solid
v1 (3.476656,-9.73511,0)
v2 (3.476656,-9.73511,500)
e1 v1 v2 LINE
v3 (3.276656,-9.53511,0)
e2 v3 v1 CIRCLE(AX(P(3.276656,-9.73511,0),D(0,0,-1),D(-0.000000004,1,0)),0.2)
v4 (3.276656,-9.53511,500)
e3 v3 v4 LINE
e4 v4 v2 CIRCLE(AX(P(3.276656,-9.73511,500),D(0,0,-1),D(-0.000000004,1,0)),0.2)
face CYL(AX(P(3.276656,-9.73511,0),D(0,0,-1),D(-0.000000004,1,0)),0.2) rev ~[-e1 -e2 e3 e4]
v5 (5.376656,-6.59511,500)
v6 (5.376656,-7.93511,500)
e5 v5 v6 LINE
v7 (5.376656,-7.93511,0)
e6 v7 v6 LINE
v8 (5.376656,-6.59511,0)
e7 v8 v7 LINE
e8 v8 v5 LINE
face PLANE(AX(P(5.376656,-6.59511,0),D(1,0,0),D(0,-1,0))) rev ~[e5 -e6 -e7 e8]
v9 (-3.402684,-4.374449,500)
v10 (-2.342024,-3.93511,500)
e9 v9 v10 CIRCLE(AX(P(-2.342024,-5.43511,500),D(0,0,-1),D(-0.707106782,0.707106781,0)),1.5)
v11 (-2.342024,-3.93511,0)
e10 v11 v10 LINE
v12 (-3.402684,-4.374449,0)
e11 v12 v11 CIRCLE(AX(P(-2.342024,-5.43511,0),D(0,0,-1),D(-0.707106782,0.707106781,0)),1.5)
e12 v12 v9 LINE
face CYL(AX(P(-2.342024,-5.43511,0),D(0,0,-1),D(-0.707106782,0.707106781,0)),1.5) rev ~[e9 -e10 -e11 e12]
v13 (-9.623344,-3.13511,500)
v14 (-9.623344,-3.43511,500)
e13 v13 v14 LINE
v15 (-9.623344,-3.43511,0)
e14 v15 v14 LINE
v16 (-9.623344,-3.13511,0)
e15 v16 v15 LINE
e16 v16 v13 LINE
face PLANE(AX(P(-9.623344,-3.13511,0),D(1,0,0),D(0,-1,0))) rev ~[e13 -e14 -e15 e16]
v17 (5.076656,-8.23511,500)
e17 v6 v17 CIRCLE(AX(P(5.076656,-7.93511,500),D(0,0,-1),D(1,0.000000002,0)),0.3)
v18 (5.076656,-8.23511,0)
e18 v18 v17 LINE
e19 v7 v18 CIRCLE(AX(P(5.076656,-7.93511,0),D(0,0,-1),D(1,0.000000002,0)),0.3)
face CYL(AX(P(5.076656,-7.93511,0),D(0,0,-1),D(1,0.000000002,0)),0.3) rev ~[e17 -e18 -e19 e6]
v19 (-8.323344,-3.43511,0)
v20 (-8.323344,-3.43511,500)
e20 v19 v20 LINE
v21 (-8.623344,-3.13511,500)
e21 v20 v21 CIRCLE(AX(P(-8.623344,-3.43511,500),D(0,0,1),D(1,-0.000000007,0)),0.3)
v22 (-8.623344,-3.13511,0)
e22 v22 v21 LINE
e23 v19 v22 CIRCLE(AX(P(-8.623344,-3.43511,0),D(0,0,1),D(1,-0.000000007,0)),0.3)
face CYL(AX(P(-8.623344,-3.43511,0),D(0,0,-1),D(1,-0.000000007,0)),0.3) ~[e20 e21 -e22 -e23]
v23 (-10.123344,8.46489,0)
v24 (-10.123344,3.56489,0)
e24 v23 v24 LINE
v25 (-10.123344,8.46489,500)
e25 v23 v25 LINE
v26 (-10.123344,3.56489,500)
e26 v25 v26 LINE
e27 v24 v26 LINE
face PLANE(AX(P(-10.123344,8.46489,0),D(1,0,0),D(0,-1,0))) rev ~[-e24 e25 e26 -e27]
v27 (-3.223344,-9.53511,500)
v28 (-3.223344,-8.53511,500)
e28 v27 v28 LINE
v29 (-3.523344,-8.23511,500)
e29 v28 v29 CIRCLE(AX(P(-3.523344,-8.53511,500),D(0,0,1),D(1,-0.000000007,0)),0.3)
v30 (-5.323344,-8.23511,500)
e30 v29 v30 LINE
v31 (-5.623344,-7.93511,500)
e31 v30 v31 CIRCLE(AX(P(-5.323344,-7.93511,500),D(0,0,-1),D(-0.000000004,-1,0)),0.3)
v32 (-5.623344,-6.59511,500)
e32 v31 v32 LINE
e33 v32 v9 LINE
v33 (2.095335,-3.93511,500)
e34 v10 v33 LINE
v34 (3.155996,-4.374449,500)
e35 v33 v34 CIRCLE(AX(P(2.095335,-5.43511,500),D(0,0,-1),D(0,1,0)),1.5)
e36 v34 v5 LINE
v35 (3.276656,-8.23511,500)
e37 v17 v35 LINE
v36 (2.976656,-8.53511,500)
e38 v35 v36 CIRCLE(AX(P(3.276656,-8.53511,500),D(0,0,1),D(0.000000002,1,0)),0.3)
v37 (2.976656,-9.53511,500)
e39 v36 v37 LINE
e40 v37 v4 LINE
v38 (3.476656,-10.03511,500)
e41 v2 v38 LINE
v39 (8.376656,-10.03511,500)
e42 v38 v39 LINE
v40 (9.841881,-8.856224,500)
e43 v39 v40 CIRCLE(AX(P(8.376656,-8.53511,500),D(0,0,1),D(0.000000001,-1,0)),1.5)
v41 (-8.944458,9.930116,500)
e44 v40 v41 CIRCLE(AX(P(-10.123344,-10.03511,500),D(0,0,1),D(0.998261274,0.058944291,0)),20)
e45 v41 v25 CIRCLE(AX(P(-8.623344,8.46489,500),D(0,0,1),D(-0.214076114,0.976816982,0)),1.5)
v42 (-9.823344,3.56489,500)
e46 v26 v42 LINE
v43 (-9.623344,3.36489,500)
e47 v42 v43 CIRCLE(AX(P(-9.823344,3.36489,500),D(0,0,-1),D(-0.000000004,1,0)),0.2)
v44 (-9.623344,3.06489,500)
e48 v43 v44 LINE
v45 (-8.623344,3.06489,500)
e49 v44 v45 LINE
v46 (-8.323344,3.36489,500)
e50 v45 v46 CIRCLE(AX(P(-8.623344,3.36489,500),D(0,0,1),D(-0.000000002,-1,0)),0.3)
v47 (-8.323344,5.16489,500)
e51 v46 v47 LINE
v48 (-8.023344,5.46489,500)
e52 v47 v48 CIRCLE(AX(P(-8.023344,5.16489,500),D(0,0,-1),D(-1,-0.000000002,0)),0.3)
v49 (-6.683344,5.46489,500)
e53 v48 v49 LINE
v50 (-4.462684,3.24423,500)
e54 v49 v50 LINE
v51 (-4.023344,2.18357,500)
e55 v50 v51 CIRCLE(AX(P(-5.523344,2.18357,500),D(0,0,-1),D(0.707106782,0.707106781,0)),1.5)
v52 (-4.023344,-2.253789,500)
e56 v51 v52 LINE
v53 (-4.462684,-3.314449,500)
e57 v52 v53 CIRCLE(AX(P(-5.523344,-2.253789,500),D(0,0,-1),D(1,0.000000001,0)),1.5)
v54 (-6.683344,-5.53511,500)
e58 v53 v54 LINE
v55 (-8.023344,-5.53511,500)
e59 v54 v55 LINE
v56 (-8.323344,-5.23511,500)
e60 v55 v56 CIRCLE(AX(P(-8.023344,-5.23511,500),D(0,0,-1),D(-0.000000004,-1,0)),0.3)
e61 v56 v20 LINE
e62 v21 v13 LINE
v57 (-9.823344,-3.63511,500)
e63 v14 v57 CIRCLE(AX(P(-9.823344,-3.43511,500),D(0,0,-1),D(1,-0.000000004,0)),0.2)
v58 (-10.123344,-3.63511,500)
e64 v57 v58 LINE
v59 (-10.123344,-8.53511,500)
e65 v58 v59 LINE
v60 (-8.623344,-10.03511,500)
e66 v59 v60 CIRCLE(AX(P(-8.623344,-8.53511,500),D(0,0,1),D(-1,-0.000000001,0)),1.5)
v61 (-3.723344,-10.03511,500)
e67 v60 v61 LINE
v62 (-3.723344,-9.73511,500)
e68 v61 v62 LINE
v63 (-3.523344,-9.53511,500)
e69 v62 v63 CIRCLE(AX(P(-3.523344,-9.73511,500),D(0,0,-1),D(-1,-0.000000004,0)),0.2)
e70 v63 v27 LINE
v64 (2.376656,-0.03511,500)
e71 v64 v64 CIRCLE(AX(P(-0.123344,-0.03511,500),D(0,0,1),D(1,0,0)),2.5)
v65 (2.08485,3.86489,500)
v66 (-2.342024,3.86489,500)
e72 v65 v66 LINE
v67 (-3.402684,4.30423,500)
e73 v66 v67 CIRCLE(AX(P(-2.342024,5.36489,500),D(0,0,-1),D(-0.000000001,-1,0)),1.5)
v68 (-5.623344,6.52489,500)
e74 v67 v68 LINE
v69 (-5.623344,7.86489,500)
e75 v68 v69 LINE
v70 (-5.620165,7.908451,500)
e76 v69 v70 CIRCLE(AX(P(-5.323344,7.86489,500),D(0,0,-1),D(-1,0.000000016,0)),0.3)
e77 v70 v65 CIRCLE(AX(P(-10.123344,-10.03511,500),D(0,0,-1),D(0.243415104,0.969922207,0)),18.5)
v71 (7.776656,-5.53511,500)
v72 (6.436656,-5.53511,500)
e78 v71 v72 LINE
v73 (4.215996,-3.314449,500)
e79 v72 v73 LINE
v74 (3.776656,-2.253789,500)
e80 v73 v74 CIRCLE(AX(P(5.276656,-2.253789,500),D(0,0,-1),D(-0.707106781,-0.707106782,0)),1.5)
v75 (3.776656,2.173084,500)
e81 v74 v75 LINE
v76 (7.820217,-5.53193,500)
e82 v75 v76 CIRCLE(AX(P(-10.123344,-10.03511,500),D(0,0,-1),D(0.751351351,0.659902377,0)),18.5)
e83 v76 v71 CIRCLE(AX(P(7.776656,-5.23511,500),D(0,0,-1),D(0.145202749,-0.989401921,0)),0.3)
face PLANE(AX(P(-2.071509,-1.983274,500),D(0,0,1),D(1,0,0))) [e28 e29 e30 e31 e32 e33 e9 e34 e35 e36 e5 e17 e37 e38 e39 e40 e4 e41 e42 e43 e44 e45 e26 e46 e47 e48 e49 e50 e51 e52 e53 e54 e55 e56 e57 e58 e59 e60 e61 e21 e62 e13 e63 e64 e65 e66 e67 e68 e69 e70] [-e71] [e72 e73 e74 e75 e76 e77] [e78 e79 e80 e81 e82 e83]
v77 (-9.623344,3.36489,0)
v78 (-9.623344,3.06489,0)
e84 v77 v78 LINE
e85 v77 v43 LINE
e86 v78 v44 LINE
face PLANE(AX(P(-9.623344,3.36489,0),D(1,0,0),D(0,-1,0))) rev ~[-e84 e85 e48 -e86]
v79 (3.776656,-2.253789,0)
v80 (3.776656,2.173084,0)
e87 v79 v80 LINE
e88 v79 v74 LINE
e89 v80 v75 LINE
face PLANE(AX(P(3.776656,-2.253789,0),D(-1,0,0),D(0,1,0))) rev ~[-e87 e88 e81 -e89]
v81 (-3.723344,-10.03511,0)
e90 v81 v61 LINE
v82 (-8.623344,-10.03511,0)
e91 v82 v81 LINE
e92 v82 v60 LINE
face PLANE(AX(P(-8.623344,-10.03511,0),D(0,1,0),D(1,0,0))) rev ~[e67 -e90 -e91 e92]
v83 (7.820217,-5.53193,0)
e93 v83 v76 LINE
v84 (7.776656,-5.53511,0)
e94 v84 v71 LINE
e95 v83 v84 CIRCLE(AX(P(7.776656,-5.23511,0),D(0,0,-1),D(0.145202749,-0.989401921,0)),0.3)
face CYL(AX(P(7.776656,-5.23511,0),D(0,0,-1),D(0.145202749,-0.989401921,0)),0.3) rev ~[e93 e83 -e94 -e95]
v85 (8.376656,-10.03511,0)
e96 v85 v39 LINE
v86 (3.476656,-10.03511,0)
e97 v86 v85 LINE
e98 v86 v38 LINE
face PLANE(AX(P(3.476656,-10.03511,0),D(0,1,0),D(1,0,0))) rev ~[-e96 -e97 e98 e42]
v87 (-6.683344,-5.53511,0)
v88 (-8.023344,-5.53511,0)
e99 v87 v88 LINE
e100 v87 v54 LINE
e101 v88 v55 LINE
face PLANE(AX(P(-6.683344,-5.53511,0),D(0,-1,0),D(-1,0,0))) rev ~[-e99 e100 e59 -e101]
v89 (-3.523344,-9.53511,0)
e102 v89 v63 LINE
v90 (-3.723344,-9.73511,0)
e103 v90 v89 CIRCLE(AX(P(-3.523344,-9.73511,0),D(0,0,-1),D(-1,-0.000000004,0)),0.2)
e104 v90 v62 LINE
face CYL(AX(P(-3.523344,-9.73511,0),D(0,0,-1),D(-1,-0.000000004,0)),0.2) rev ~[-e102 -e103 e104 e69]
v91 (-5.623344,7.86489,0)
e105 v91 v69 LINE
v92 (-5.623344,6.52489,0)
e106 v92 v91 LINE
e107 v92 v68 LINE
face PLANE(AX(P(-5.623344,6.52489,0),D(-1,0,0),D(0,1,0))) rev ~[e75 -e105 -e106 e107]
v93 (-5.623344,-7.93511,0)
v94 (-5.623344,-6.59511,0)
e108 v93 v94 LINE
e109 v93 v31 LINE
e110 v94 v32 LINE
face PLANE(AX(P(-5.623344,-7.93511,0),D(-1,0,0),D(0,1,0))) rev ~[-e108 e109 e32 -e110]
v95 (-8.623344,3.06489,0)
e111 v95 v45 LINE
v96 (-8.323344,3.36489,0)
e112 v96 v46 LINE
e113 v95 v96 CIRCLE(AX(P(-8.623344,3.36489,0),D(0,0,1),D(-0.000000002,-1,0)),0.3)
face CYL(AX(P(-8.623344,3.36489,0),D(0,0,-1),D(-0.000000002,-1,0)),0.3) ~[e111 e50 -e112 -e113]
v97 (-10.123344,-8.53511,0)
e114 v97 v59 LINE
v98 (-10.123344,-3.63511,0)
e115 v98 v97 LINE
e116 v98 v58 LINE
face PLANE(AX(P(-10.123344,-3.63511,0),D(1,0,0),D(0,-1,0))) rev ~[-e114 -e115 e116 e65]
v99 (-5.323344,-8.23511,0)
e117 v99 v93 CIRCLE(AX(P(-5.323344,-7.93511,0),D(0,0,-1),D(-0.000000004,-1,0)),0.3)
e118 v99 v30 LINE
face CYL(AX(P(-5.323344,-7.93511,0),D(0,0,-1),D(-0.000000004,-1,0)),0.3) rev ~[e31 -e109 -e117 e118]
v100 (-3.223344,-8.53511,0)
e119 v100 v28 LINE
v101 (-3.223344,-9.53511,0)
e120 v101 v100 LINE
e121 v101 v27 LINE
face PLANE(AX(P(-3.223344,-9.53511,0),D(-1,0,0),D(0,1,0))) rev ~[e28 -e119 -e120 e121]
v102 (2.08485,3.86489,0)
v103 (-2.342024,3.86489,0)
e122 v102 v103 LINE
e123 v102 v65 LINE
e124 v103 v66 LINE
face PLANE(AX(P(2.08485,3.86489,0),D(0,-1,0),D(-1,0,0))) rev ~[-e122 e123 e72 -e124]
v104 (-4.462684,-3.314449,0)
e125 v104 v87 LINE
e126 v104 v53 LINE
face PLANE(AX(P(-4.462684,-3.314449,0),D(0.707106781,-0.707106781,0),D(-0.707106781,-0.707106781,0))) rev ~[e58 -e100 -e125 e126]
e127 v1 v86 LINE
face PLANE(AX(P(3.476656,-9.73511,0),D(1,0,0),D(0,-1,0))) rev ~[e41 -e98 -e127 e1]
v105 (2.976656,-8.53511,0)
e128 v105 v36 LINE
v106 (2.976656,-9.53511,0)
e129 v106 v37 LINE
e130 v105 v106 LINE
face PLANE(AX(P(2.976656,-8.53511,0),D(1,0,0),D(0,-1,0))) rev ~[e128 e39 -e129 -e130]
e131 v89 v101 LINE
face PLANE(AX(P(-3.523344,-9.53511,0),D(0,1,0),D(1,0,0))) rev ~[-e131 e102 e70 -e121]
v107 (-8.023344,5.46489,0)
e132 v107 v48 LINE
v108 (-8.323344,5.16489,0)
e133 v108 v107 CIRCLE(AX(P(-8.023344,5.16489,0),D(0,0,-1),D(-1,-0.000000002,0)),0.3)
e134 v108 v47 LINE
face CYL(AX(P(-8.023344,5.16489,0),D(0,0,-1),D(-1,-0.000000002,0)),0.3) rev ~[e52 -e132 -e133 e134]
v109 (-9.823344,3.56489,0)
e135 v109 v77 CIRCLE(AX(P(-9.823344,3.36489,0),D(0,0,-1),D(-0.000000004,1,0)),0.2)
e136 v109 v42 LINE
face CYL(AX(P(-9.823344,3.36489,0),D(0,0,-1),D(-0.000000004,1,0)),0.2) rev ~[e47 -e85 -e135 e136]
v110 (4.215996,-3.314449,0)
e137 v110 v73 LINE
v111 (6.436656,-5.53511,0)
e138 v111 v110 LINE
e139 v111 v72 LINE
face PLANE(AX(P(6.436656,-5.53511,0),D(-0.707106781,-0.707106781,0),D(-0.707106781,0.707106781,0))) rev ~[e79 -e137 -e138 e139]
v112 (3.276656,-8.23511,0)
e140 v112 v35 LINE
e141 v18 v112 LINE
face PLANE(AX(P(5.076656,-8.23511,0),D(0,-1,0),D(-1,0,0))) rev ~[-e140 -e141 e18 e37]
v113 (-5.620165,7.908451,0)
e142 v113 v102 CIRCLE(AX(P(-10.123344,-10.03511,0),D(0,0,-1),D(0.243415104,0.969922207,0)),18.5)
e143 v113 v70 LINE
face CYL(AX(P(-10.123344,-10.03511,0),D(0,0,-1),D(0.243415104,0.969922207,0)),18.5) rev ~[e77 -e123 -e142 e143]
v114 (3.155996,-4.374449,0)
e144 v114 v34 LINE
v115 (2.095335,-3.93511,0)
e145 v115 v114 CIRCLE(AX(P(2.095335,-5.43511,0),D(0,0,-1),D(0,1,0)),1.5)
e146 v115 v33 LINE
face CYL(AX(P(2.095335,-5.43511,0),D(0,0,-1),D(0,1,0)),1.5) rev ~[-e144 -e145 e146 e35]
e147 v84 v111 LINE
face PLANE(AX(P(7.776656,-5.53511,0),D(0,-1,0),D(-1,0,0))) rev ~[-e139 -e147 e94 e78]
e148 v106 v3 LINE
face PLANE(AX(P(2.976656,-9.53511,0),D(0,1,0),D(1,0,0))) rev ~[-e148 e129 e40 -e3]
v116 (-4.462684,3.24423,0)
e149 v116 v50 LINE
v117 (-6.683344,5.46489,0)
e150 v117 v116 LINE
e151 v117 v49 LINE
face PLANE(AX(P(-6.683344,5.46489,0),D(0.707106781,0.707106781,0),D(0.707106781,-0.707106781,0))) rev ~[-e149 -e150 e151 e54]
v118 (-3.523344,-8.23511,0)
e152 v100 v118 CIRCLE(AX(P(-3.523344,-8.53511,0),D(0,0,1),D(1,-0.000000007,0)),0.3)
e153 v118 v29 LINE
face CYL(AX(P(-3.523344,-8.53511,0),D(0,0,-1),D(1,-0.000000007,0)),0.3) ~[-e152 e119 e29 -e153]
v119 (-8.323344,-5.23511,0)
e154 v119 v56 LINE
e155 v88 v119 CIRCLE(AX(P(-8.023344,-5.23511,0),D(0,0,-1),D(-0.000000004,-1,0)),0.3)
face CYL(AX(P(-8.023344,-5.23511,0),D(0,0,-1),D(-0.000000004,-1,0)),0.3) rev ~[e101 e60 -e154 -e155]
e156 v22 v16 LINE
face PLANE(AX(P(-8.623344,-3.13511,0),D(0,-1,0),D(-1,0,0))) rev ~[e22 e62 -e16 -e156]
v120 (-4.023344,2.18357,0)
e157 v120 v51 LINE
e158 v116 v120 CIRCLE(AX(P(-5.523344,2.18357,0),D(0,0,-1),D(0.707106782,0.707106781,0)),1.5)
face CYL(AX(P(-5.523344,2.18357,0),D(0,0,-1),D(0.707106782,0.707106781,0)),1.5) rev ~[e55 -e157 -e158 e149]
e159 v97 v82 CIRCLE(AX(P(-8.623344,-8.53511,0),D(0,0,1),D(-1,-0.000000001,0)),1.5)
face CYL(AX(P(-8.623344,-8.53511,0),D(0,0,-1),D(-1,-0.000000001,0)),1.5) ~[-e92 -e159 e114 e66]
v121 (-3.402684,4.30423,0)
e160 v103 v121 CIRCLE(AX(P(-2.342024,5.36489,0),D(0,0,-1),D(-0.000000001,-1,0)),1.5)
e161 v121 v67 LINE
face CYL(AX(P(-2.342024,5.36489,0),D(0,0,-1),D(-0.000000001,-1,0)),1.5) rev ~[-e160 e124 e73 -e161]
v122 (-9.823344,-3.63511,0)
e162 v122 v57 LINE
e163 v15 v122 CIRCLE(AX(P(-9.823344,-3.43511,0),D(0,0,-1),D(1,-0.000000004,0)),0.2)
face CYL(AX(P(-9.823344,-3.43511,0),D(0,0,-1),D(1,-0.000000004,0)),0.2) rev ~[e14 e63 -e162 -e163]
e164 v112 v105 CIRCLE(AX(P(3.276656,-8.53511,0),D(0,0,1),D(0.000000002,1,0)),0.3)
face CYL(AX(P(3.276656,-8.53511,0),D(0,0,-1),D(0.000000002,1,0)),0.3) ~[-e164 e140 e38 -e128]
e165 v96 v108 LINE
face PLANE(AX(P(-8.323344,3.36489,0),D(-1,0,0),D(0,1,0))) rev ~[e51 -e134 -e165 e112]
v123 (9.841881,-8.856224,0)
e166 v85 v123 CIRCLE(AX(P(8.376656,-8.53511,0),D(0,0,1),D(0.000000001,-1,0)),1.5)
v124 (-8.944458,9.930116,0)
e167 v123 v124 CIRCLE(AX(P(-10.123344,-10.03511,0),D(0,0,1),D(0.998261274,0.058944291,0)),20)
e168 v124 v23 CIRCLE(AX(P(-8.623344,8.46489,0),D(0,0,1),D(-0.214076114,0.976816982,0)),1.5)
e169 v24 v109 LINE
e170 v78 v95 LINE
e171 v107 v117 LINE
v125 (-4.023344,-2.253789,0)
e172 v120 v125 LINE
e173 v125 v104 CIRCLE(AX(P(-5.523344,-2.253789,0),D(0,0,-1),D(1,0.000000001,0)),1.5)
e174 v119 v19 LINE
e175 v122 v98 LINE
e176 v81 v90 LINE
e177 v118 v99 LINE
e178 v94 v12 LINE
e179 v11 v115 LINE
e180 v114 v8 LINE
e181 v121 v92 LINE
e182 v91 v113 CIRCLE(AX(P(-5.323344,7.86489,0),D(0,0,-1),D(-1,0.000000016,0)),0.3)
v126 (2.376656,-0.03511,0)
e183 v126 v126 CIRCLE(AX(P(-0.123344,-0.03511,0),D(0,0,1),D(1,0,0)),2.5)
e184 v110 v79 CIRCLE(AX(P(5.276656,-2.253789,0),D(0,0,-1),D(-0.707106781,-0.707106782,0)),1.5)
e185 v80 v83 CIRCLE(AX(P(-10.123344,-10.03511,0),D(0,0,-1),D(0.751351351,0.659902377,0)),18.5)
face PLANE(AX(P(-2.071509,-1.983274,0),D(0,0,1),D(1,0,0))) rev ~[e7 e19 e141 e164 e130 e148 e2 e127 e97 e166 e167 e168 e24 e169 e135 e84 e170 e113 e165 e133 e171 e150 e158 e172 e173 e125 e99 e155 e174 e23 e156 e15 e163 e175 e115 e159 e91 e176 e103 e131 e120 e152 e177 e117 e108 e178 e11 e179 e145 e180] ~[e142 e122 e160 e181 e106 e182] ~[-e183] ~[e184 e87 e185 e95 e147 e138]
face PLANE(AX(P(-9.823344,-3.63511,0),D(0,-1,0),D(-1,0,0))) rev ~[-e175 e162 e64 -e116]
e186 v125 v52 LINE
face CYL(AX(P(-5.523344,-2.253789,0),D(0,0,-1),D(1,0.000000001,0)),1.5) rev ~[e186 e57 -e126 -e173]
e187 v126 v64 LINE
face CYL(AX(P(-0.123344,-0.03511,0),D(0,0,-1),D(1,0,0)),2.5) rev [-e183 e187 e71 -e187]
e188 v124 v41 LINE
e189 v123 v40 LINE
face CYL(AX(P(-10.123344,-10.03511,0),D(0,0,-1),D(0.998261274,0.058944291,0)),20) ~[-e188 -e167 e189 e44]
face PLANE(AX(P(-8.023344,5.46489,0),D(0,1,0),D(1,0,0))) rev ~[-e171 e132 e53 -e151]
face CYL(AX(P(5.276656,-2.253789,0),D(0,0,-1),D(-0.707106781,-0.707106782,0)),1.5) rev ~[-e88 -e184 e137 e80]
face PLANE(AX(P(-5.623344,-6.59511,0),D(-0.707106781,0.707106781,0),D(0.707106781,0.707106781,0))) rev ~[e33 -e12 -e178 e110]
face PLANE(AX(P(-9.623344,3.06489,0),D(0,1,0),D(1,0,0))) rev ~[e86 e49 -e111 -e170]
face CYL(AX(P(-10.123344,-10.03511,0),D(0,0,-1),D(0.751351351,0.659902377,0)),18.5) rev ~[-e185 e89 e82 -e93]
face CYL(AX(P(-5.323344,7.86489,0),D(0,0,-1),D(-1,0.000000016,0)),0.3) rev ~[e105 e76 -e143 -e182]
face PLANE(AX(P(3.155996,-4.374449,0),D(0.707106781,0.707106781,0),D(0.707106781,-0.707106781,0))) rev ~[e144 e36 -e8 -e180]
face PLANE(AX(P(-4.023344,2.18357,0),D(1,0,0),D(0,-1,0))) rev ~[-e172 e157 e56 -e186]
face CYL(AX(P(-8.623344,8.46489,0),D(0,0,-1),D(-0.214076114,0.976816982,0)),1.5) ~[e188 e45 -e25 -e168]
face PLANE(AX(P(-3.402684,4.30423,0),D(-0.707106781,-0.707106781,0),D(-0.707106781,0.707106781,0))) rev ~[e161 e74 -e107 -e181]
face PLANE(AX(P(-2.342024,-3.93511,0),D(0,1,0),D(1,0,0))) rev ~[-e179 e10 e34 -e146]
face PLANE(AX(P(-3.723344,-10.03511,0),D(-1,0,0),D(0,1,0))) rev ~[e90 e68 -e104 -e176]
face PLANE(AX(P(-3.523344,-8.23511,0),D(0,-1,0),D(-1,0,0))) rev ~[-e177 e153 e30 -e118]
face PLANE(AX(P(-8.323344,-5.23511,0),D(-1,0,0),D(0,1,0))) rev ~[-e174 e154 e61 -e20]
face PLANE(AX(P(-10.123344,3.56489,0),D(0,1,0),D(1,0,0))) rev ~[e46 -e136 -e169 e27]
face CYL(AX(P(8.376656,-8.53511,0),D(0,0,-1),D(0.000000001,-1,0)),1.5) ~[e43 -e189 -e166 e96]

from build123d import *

# Parameters (mm, degrees)
SKETCH_1_R      = 2.5
EXTRUDE_1_DEPTH = 500


with BuildPart() as part:
    # 草图1 → 凸台-拉伸1 (new body)
    with BuildSketch(Plane.XY):
        with BuildLine():
            ThreePointArc((-8.944458369, 9.930115847), (-9.792033903, 9.405190523), (-10.123344197, 8.464890373))
            Line((-10.123344197, 8.464890373), (-10.123344197, 3.564890373))
            Line((-10.123344197, 3.564890373), (-9.823344197, 3.564890373))
            ThreePointArc((-9.823344197, 3.564890373), (-9.681922841, 3.50631173), (-9.623344197, 3.364890373))
            Line((-9.623344197, 3.364890373), (-9.623344197, 3.064890373))
            Line((-9.623344197, 3.064890373), (-8.623344197, 3.064890373))
            ThreePointArc((-8.623344197, 3.064890373), (-8.411212162, 3.152758339), (-8.323344197, 3.364890373))
            Line((-8.323344197, 3.364890373), (-8.323344197, 5.164890373))
            ThreePointArc((-8.323344197, 5.164890373), (-8.235476231, 5.377022408), (-8.023344197, 5.464890373))
            Line((-8.023344197, 5.464890373), (-6.683344197, 5.464890373))
            Line((-6.683344197, 5.464890373), (-4.462684025, 3.244230202))
            ThreePointArc((-4.462684025, 3.244230202), (-4.137524898, 2.757595178), (-4.023344197, 2.18357003))
            Line((-4.023344197, 2.18357003), (-4.023344197, -2.253789283))
            ThreePointArc((-4.023344197, -2.253789283), (-4.137524898, -2.827814432), (-4.462684025, -3.314449455))
            Line((-4.462684025, -3.314449455), (-6.683344197, -5.535109627))
            Line((-6.683344197, -5.535109627), (-8.023344197, -5.535109627))
            ThreePointArc((-8.023344197, -5.535109627), (-8.235476231, -5.447241661), (-8.323344197, -5.235109627))
            Line((-8.323344197, -5.235109627), (-8.323344197, -3.435109627))
            ThreePointArc((-8.323344197, -3.435109627), (-8.411212162, -3.222977592), (-8.623344197, -3.135109627))
            Line((-8.623344197, -3.135109627), (-9.623344197, -3.135109627))
            Line((-9.623344197, -3.135109627), (-9.623344197, -3.435109627))
            ThreePointArc((-9.623344197, -3.435109627), (-9.681922841, -3.576530983), (-9.823344197, -3.635109627))
            Line((-9.823344197, -3.635109627), (-10.123344197, -3.635109627))
            Line((-10.123344197, -3.635109627), (-10.123344197, -8.535109627))
            ThreePointArc((-10.123344197, -8.535109627), (-9.684004369, -9.595769798), (-8.623344197, -10.035109627))
            Line((-8.623344197, -10.035109627), (-3.723344197, -10.035109627))
            Line((-3.723344197, -10.035109627), (-3.723344197, -9.735109627))
            ThreePointArc((-3.723344197, -9.735109627), (-3.664765553, -9.59368827), (-3.523344197, -9.535109627))
            Line((-3.523344197, -9.535109627), (-3.223344197, -9.535109627))
            Line((-3.223344197, -9.535109627), (-3.223344197, -8.535109627))
            ThreePointArc((-3.223344197, -8.535109627), (-3.311212162, -8.322977592), (-3.523344197, -8.235109627))
            Line((-3.523344197, -8.235109627), (-5.323344197, -8.235109627))
            ThreePointArc((-5.323344197, -8.235109627), (-5.535476231, -8.147241661), (-5.623344197, -7.935109627))
            Line((-5.623344197, -7.935109627), (-5.623344197, -6.595109627))
            Line((-5.623344197, -6.595109627), (-3.402684025, -4.374449455))
            ThreePointArc((-3.402684025, -4.374449455), (-2.916049002, -4.049290328), (-2.342023853, -3.935109627))
            Line((-2.342023853, -3.935109627), (2.09533546, -3.935109627))
            ThreePointArc((2.09533546, -3.935109627), (2.669360608, -4.049290328), (3.155995631, -4.374449455))
            Line((3.155995631, -4.374449455), (5.376655803, -6.595109627))
            Line((5.376655803, -6.595109627), (5.376655803, -7.935109627))
            ThreePointArc((5.376655803, -7.935109627), (5.288787838, -8.147241661), (5.076655803, -8.235109627))
            Line((5.076655803, -8.235109627), (3.276655803, -8.235109627))
            ThreePointArc((3.276655803, -8.235109627), (3.064523769, -8.322977592), (2.976655803, -8.535109627))
            Line((2.976655803, -8.535109627), (2.976655803, -9.535109627))
            Line((2.976655803, -9.535109627), (3.276655803, -9.535109627))
            ThreePointArc((3.276655803, -9.535109627), (3.418077159, -9.59368827), (3.476655803, -9.735109627))
            Line((3.476655803, -9.735109627), (3.476655803, -10.035109627))
            Line((3.476655803, -10.035109627), (8.376655803, -10.035109627))
            ThreePointArc((8.376655803, -10.035109627), (9.316955952, -9.703799333), (9.841881277, -8.856223799))
            ThreePointArc((9.841881277, -8.856223799), (4.018791427, 4.107025997), (-8.944458369, 9.930115847))
        make_face()
        with BuildLine():
            ThreePointArc((7.820216628, -5.531930203), (7.798494154, -5.534313715), (7.776655803, -5.535109627))
            Line((7.776655803, -5.535109627), (6.436655803, -5.535109627))
            Line((6.436655803, -5.535109627), (4.215995631, -3.314449455))
            ThreePointArc((4.215995631, -3.314449455), (3.890836504, -2.827814432), (3.776655803, -2.253789283))
            Line((3.776655803, -2.253789283), (3.776655803, 2.173084343))
            ThreePointArc((3.776655803, 2.173084343), (6.257892136, -1.4383023), (7.820216628, -5.531930203))
        make_face(mode=Mode.SUBTRACT)
        with BuildLine():
            ThreePointArc((-5.620164773, 7.908451198), (-1.52653687, 6.346126706), (2.084849773, 3.864890373))
            Line((2.084849773, 3.864890373), (-2.342023853, 3.864890373))
            ThreePointArc((-2.342023853, 3.864890373), (-2.916049002, 3.979071075), (-3.402684025, 4.304230202))
            Line((-3.402684025, 4.304230202), (-5.623344197, 6.524890373))
            Line((-5.623344197, 6.524890373), (-5.623344197, 7.864890373))
            ThreePointArc((-5.623344197, 7.864890373), (-5.622548285, 7.886728724), (-5.620164773, 7.908451198))
        make_face(mode=Mode.SUBTRACT)
        with Locations((-0.123344197, -0.035109627)):
            Circle(SKETCH_1_R, mode=Mode.SUBTRACT)
    extrude(amount=EXTRUDE_1_DEPTH)


solid = part.part
